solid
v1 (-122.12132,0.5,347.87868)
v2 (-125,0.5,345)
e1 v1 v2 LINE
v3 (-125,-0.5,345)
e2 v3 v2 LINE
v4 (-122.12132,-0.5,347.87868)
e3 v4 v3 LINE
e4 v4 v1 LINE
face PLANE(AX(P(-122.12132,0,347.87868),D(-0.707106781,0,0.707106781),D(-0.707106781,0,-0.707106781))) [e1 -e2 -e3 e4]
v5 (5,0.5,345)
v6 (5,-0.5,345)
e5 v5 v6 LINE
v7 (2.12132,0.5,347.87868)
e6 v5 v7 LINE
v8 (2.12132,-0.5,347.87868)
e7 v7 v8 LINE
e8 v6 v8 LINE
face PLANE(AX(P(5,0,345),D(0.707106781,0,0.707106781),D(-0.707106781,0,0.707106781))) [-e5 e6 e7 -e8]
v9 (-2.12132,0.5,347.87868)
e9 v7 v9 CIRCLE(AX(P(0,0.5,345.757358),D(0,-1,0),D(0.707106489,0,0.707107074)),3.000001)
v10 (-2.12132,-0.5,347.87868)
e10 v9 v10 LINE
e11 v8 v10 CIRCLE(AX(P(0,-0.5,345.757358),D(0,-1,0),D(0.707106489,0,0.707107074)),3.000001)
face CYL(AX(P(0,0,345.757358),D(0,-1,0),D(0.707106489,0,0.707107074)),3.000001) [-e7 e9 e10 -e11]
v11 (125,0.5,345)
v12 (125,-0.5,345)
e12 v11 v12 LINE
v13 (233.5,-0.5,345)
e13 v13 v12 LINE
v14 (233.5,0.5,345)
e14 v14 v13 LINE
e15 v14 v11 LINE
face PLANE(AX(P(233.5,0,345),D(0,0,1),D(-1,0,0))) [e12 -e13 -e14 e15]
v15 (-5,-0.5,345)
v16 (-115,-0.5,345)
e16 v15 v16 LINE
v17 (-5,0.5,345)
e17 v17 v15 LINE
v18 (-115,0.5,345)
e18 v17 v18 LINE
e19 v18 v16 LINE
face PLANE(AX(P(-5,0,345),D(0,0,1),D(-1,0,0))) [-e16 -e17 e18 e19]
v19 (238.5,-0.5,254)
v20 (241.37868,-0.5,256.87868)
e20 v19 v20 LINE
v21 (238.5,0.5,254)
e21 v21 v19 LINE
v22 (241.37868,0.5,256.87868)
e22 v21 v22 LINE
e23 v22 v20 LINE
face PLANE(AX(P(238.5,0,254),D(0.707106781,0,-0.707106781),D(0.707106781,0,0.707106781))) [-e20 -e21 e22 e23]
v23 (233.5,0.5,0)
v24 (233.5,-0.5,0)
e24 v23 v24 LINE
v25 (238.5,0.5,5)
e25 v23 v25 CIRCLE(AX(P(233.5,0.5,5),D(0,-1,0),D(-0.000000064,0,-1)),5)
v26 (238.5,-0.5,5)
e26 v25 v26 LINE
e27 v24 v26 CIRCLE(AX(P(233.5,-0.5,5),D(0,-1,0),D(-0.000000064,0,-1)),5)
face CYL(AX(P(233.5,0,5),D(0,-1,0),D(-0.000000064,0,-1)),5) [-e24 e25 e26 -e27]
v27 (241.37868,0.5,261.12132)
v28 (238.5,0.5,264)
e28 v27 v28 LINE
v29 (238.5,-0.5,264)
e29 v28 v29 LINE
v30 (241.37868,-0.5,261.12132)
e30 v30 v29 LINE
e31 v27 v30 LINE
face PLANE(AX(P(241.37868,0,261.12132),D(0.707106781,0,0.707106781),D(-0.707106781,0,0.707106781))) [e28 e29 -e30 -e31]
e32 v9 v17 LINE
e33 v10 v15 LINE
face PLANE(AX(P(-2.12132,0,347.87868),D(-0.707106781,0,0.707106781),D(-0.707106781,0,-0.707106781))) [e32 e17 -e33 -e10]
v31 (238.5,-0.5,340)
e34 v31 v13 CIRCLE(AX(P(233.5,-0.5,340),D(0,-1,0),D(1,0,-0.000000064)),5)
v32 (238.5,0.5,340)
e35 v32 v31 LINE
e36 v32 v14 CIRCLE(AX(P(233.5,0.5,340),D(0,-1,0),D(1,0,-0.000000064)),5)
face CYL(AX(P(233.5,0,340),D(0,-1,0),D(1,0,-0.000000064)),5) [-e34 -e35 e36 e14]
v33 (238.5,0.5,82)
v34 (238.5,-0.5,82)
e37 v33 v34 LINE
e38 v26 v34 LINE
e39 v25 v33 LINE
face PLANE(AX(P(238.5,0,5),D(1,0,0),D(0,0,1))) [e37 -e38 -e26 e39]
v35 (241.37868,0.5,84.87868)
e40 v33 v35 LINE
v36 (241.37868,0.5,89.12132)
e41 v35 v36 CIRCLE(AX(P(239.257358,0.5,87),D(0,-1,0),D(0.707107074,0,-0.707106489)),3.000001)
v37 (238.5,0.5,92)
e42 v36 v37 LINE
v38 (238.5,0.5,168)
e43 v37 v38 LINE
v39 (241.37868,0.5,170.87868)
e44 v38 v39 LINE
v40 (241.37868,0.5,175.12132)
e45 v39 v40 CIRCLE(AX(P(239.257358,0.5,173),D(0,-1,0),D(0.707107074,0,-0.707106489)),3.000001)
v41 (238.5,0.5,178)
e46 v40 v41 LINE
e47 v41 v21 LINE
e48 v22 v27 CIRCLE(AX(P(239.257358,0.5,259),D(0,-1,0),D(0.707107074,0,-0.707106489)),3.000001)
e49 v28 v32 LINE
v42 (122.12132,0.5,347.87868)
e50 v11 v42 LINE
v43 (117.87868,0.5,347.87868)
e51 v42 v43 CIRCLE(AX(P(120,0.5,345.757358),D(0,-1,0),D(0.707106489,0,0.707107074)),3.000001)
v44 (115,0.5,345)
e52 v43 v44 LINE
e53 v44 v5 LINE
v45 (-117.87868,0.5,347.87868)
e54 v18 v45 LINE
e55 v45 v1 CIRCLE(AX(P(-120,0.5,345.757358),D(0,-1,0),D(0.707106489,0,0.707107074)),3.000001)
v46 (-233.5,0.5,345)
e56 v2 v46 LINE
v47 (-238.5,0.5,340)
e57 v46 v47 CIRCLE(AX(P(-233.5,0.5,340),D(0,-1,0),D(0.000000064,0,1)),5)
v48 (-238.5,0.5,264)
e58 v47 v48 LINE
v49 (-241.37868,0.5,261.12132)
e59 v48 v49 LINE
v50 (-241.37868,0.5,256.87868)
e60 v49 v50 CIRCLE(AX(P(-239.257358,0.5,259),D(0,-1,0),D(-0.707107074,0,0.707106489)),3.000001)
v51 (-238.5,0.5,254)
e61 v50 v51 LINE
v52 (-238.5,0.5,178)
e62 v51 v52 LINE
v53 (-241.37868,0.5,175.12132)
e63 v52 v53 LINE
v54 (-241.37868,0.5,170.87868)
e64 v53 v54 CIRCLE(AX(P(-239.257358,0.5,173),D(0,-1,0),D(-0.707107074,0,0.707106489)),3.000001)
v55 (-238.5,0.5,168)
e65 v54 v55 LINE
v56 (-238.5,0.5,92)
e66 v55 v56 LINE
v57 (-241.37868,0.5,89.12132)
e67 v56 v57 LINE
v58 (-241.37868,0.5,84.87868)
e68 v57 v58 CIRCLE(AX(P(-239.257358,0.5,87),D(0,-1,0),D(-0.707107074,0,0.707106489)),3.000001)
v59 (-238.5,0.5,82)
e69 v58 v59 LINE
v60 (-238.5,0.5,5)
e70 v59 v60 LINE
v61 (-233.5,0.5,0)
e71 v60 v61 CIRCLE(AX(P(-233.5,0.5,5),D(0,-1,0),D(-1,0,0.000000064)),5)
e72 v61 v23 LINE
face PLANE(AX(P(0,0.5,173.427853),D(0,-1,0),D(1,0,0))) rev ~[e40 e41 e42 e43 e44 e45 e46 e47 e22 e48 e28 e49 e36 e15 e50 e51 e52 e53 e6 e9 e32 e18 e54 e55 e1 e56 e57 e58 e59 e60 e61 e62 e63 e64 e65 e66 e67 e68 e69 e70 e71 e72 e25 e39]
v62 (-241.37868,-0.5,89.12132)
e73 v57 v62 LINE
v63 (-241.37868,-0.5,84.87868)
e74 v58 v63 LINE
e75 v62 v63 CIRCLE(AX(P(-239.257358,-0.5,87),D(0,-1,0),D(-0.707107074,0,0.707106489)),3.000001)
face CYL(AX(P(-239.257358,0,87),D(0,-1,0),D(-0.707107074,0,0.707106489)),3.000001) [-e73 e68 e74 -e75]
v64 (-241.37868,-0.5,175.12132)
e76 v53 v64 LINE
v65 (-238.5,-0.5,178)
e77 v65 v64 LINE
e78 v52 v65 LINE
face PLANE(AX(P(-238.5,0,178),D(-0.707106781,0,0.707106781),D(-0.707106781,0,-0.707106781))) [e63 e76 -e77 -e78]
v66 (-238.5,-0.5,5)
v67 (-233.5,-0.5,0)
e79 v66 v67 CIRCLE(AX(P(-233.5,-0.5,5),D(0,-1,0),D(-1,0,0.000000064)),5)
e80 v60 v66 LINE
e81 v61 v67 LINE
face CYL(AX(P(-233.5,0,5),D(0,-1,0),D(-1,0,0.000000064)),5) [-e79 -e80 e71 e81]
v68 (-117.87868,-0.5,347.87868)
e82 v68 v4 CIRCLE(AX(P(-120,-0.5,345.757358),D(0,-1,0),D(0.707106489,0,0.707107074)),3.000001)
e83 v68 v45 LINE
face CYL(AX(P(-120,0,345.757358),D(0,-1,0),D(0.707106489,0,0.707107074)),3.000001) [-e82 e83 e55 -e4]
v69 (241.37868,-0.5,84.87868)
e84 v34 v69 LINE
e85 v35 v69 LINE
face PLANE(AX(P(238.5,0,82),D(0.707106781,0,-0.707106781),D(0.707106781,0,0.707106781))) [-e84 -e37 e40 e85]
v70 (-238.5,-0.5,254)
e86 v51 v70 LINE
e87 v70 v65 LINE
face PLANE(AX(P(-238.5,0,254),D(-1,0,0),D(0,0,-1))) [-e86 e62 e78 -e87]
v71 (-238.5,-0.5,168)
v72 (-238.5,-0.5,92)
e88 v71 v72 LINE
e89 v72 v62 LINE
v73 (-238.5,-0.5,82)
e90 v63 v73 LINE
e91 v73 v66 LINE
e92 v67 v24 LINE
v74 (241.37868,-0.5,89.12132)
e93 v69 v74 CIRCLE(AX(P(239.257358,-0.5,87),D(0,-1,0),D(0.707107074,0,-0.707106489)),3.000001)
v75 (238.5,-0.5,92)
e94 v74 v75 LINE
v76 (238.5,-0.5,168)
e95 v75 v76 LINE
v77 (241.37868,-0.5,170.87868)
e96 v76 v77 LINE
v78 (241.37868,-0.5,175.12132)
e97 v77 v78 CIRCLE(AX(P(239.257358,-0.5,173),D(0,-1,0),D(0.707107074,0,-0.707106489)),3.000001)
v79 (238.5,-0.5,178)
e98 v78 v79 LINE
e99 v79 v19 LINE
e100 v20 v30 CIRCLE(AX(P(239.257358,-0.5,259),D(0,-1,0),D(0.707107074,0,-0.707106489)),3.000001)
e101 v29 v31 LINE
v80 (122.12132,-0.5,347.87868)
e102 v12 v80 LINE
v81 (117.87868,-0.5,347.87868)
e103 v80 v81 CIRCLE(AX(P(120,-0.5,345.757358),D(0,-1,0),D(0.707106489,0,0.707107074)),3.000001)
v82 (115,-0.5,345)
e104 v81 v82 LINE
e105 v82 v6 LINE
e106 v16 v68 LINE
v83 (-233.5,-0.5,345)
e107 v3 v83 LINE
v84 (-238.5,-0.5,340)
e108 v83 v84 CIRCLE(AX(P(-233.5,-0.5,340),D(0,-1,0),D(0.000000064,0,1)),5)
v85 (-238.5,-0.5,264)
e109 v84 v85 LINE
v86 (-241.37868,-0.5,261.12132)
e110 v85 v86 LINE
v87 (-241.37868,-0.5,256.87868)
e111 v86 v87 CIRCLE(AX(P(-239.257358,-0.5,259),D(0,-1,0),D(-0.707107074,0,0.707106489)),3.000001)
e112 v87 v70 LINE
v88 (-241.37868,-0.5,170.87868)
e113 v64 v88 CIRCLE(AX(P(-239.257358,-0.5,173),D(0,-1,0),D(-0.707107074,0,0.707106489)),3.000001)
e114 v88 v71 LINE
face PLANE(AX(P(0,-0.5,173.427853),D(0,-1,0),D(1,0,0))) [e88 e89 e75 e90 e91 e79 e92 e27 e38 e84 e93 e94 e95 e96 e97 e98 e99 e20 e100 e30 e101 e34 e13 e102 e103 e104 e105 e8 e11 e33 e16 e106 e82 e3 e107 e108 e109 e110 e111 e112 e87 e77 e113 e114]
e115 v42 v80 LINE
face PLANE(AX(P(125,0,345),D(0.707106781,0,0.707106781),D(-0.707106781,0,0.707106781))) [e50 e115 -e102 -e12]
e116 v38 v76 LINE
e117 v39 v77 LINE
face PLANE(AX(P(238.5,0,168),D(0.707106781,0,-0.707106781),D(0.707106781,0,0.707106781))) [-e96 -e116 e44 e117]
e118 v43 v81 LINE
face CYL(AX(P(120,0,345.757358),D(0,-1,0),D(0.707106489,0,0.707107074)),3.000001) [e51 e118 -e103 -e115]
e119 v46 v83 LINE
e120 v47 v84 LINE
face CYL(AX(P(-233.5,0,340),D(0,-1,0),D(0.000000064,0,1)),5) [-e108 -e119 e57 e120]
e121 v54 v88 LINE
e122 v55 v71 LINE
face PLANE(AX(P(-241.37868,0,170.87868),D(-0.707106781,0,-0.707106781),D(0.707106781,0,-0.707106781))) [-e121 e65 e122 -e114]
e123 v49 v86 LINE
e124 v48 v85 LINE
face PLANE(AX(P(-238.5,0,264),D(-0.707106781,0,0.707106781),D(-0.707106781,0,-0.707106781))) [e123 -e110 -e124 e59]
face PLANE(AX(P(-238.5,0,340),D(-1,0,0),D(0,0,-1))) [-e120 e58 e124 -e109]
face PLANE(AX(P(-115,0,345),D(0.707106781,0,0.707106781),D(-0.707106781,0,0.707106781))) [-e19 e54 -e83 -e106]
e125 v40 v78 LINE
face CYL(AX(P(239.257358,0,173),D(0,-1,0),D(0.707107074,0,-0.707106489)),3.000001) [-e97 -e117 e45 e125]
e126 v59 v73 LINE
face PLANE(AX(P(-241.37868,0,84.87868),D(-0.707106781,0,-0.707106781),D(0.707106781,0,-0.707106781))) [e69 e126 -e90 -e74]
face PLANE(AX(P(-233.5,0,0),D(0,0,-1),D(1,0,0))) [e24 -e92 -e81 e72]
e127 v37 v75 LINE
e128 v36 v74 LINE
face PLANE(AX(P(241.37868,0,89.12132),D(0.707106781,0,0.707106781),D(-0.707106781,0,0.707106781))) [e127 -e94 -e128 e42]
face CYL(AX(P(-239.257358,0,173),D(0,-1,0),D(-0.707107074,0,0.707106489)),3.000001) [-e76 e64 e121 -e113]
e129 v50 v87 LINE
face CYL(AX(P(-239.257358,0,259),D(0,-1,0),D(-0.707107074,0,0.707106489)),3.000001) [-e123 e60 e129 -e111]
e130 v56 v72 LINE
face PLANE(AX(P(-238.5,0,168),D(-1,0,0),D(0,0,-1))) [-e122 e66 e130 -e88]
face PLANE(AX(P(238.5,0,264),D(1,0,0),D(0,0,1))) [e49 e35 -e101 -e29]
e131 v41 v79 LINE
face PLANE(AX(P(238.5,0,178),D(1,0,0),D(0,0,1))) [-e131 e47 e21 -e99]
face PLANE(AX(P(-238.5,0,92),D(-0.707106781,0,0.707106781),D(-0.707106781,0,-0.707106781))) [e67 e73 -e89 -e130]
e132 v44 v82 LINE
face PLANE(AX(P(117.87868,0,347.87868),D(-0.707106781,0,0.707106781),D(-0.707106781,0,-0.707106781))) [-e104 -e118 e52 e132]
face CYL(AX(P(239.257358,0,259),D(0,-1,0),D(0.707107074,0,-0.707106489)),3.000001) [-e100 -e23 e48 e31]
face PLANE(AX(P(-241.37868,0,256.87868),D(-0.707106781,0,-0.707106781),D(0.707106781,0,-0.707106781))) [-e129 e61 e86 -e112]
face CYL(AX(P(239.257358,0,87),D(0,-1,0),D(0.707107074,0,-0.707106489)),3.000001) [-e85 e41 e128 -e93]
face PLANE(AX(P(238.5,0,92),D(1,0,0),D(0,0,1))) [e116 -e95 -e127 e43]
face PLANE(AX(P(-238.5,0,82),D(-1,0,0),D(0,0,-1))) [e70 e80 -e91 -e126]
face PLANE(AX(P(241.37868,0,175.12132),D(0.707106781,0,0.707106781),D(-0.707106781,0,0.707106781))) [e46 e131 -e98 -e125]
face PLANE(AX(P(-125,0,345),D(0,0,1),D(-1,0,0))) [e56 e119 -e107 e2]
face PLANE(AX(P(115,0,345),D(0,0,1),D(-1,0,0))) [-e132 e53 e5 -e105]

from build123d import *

# Parameters (mm, degrees)
F1_DEPTH = 0.5


with BuildPart() as f1:
    # F0 (on Front) → F1 (new body, symmetric)
    with BuildSketch(Plane.XZ):
        with BuildLine():
            Line((-125, 345), (-233.5, 345))
            ThreePointArc((-233.5, 345), (-237.035534, 343.535534), (-238.5, 340))
            Line((-238.5, 340), (-238.5, 264))
            Line((-238.5, 264), (-241.37868, 261.12132))
            ThreePointArc((-241.37868, 261.12132), (-242.257359, 259), (-241.37868, 256.87868))
            Line((-241.37868, 256.87868), (-238.5, 254))
            Line((-238.5, 254), (-238.5, 178))
            Line((-238.5, 178), (-241.37868, 175.12132))
            ThreePointArc((-241.37868, 175.12132), (-242.257359, 173), (-241.37868, 170.87868))
            Line((-241.37868, 170.87868), (-238.5, 168))
            Line((-238.5, 168), (-238.5, 92))
            Line((-238.5, 92), (-241.37868, 89.12132))
            ThreePointArc((-241.37868, 89.12132), (-242.257359, 87), (-241.37868, 84.87868))
            Line((-241.37868, 84.87868), (-238.5, 82))
            Line((-238.5, 82), (-238.5, 5))
            ThreePointArc((-238.5, 5), (-237.035534, 1.464466), (-233.5, 0))
            Line((-233.5, 0), (233.5, 0))
            ThreePointArc((233.5, 0), (237.035534, 1.464466), (238.5, 5))
            Line((238.5, 5), (238.5, 82))
            Line((238.5, 82), (241.37868, 84.87868))
            ThreePointArc((241.37868, 84.87868), (242.257359, 87), (241.37868, 89.12132))
            Line((241.37868, 89.12132), (238.5, 92))
            Line((238.5, 92), (238.5, 168))
            Line((238.5, 168), (241.37868, 170.87868))
            ThreePointArc((241.37868, 170.87868), (242.257359, 173), (241.37868, 175.12132))
            Line((241.37868, 175.12132), (238.5, 178))
            Line((238.5, 178), (238.5, 254))
            Line((238.5, 254), (241.37868, 256.87868))
            ThreePointArc((241.37868, 256.87868), (242.257359, 259), (241.37868, 261.12132))
            Line((241.37868, 261.12132), (238.5, 264))
            Line((238.5, 264), (238.5, 340))
            ThreePointArc((238.5, 340), (237.035534, 343.535534), (233.5, 345))
            Line((233.5, 345), (125, 345))
            Line((125, 345), (122.12132, 347.87868))
            ThreePointArc((122.12132, 347.87868), (120, 348.757359), (117.87868, 347.87868))
            Line((117.87868, 347.87868), (115, 345))
            Line((115, 345), (5, 345))
            Line((5, 345), (2.12132, 347.87868))
            ThreePointArc((2.12132, 347.87868), (0, 348.757359), (-2.12132, 347.87868))
            Line((-2.12132, 347.87868), (-5, 345))
            Line((-5, 345), (-115, 345))
            Line((-115, 345), (-117.87868, 347.87868))
            ThreePointArc((-117.87868, 347.87868), (-120, 348.757359), (-122.12132, 347.87868))
            Line((-122.12132, 347.87868), (-125, 345))
        make_face()
    extrude(amount=F1_DEPTH, both=True)


solid = f1.part
